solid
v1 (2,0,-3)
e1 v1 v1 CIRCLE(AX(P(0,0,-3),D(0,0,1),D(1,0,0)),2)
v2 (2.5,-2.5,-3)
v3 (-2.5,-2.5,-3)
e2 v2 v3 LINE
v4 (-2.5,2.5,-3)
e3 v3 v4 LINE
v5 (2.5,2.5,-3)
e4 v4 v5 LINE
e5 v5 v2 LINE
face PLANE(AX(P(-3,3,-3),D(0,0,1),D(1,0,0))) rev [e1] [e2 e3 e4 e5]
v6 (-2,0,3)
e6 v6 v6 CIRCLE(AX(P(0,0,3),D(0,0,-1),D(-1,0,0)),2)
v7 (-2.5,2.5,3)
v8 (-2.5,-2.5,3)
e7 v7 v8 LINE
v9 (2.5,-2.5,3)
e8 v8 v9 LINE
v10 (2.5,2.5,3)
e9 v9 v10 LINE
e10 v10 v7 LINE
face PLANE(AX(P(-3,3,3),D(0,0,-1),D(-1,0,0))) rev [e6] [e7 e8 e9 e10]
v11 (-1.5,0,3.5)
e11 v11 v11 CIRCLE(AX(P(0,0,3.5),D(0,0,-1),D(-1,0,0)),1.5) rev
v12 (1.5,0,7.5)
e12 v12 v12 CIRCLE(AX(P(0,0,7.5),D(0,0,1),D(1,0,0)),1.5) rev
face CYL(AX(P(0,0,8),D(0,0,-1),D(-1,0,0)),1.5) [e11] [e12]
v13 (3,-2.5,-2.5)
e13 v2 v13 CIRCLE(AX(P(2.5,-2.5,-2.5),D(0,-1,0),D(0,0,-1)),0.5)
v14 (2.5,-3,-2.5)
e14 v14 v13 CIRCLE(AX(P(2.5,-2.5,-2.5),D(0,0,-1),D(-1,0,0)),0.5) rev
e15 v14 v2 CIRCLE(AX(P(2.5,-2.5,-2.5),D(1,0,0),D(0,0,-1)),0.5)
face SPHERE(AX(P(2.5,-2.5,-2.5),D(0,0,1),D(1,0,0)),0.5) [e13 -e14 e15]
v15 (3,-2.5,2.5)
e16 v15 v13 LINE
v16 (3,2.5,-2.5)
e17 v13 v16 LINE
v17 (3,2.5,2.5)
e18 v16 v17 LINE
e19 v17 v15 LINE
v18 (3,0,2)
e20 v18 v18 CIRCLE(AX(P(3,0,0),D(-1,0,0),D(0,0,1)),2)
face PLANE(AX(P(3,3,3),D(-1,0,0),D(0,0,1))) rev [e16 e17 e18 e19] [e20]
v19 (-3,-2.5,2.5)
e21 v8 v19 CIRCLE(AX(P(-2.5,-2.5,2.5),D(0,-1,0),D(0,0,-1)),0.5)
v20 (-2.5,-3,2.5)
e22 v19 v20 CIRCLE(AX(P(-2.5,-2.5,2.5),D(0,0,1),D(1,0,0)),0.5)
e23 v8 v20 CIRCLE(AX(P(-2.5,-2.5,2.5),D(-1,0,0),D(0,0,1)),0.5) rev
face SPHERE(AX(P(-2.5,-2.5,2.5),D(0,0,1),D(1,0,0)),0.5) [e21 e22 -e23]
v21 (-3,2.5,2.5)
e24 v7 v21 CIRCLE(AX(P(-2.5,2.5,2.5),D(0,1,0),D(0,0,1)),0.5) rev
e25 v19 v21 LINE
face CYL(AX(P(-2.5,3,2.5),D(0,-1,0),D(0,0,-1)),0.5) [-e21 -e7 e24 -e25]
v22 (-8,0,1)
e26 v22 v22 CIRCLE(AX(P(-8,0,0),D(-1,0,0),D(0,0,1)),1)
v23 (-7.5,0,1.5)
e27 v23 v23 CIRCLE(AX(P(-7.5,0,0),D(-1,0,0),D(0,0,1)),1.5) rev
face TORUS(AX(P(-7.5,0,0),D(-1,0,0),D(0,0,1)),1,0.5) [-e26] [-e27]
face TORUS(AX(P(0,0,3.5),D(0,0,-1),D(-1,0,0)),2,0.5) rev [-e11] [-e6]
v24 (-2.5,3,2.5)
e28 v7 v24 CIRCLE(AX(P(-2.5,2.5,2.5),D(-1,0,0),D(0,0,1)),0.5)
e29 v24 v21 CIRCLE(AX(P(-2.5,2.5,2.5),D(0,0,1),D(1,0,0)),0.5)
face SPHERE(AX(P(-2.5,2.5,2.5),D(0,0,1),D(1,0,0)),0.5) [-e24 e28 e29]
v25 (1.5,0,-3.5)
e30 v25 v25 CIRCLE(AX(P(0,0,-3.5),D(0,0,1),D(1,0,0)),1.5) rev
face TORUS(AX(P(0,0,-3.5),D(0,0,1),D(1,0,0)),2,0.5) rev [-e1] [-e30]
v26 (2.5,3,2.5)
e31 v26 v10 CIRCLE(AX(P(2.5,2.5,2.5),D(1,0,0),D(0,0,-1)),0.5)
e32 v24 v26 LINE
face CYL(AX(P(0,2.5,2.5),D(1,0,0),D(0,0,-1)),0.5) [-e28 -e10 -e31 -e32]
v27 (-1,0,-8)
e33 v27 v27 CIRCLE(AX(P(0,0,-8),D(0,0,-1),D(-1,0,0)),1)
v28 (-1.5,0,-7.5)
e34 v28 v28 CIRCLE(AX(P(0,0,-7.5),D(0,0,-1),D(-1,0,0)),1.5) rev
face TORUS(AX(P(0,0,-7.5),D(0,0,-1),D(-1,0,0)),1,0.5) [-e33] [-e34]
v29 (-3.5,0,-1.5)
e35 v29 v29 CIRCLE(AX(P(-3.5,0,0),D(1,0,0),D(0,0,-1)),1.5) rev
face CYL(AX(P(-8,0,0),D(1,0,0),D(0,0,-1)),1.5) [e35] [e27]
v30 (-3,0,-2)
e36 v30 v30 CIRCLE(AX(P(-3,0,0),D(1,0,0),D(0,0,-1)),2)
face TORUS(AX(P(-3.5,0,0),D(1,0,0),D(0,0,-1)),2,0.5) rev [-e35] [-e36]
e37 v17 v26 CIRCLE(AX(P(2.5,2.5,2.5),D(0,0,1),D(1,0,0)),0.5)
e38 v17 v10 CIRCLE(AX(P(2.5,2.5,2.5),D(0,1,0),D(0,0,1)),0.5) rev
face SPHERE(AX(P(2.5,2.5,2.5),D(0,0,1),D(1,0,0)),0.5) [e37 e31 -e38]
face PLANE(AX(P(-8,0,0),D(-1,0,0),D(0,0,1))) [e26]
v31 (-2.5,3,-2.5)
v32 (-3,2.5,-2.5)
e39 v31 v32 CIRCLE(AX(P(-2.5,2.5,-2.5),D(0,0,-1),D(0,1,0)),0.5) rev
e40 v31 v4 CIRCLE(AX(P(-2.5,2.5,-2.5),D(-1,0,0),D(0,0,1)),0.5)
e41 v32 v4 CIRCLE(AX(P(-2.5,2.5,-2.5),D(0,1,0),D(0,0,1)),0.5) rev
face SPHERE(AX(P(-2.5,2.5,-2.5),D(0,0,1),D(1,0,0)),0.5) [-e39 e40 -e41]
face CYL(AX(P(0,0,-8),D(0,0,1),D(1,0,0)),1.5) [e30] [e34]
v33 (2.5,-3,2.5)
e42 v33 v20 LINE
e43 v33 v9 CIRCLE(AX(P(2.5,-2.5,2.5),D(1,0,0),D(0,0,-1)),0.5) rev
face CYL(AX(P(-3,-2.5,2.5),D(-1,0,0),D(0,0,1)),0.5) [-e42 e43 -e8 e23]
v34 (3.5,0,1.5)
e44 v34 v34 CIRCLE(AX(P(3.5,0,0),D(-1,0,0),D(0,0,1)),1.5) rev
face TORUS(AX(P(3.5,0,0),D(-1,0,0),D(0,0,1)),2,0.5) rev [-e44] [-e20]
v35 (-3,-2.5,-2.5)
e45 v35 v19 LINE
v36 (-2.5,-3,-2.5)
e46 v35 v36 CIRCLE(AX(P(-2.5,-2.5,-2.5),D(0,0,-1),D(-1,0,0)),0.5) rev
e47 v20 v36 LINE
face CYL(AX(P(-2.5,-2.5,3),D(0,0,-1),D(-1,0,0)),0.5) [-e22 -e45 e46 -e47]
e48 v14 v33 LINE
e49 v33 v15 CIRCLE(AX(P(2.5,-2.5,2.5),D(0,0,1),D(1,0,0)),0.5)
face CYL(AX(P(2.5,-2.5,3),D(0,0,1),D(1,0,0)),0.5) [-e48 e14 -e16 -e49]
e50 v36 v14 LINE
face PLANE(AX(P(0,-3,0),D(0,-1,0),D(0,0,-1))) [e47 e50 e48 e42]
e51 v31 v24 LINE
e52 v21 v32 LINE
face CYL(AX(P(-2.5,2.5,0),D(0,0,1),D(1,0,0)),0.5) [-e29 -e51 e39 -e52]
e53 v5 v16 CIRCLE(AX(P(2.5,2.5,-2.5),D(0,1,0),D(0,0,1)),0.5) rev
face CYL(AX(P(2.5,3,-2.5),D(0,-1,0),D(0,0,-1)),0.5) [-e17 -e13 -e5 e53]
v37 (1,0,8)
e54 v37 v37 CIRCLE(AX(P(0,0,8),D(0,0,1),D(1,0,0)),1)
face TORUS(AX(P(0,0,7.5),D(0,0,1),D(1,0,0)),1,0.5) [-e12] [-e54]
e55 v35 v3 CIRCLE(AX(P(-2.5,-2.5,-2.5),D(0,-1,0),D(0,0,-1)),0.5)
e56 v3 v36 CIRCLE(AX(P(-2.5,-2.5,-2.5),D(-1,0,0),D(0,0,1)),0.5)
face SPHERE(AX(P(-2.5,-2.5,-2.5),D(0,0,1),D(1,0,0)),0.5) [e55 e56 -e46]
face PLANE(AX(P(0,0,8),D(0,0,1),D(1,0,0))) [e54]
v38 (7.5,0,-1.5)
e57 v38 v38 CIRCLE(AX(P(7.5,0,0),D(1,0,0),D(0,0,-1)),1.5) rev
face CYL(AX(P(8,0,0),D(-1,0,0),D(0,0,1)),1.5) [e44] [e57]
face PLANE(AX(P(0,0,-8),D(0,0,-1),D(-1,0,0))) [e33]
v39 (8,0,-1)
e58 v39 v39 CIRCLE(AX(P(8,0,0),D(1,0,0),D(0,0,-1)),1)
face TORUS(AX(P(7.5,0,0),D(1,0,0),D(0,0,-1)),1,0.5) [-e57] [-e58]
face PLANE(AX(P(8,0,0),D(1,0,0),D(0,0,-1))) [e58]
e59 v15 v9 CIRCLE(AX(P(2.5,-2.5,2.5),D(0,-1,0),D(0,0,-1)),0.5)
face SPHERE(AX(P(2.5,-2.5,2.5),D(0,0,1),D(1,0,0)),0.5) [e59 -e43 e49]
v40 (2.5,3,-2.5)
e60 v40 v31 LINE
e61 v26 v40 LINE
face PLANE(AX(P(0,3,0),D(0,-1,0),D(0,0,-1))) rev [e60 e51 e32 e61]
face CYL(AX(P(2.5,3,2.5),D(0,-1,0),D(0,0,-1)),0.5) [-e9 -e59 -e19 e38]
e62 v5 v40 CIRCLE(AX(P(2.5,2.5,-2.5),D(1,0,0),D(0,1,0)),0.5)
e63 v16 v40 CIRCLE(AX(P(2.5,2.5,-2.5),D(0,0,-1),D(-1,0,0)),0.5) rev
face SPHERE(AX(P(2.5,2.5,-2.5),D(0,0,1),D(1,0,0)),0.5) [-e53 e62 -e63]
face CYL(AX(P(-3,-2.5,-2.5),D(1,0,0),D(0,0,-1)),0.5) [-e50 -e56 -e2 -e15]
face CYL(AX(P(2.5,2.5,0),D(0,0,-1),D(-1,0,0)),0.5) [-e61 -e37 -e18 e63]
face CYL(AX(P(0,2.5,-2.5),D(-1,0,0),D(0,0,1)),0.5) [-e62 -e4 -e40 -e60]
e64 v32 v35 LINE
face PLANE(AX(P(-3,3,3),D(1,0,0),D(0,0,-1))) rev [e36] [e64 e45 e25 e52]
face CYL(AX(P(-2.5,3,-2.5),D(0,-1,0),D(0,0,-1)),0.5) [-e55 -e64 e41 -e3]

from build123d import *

# Parameters (mm, degrees)
SKETCH_1_W               = 6
SKETCH_1_H               = 6
EXTRUDE_1_DEPTH          = 3
SKETCH_2_R               = 1.5
EXTRUDE_2_DEPTH          = 5
PATTERN_CIRCULAR_1_COUNT = 4
FILLET_1_R               = 0.5


with BuildPart() as part:
    # 草图1 → 凸台-拉伸1 (new, symmetric)
    with BuildSketch(Plane(origin=(0, 0, 0), x_dir=(1, 0, 0), z_dir=(0, 1, 0))):
        Rectangle(SKETCH_1_W, SKETCH_1_H)
    extrude(amount=EXTRUDE_1_DEPTH, both=True)

    # 草图2 → 凸台-拉伸2 (add)
    with BuildSketch(Plane.XY.offset(3)):
        Circle(SKETCH_2_R)
    extrude_2 = extrude(amount=EXTRUDE_2_DEPTH)

    # 阵列(圆周)1: 凸台-拉伸2 ×4 about axis
    pattern_circular_1_axis = Axis((0, 0, 0), (0, 1, 0))
    for i in range(1, PATTERN_CIRCULAR_1_COUNT):
        add(extrude_2.rotate(pattern_circular_1_axis, i * 360 / PATTERN_CIRCULAR_1_COUNT))

    # 圆角1
    fillet_1_edges = [part.edges().sort_by_distance(p)[0] for p in [
        (-3, 3, 0),
        (-1.5, 0, 3),
        (-1.5, 0, 8),
        (0, 3, 3),
        (3, 0, 1.5),
        (8, 0, 1.5),
        (1.5, 0, -3),
        (1.5, 0, -8),
        (-3, 0, -1.5),
        (-8, 0, -1.5),
        (3, 3, 0),
        (0, -3, 3),
        (-3, -3, 0),
        (0, -3, -3),
        (3, -3, 0),
        (3, 0, 3),
        (-3, 0, 3),
        (-3, 0, -3),
        (3, 0, -3),
        (0, 3, -3),
    ]]
    fillet(fillet_1_edges, radius=FILLET_1_R)


solid = part.part
